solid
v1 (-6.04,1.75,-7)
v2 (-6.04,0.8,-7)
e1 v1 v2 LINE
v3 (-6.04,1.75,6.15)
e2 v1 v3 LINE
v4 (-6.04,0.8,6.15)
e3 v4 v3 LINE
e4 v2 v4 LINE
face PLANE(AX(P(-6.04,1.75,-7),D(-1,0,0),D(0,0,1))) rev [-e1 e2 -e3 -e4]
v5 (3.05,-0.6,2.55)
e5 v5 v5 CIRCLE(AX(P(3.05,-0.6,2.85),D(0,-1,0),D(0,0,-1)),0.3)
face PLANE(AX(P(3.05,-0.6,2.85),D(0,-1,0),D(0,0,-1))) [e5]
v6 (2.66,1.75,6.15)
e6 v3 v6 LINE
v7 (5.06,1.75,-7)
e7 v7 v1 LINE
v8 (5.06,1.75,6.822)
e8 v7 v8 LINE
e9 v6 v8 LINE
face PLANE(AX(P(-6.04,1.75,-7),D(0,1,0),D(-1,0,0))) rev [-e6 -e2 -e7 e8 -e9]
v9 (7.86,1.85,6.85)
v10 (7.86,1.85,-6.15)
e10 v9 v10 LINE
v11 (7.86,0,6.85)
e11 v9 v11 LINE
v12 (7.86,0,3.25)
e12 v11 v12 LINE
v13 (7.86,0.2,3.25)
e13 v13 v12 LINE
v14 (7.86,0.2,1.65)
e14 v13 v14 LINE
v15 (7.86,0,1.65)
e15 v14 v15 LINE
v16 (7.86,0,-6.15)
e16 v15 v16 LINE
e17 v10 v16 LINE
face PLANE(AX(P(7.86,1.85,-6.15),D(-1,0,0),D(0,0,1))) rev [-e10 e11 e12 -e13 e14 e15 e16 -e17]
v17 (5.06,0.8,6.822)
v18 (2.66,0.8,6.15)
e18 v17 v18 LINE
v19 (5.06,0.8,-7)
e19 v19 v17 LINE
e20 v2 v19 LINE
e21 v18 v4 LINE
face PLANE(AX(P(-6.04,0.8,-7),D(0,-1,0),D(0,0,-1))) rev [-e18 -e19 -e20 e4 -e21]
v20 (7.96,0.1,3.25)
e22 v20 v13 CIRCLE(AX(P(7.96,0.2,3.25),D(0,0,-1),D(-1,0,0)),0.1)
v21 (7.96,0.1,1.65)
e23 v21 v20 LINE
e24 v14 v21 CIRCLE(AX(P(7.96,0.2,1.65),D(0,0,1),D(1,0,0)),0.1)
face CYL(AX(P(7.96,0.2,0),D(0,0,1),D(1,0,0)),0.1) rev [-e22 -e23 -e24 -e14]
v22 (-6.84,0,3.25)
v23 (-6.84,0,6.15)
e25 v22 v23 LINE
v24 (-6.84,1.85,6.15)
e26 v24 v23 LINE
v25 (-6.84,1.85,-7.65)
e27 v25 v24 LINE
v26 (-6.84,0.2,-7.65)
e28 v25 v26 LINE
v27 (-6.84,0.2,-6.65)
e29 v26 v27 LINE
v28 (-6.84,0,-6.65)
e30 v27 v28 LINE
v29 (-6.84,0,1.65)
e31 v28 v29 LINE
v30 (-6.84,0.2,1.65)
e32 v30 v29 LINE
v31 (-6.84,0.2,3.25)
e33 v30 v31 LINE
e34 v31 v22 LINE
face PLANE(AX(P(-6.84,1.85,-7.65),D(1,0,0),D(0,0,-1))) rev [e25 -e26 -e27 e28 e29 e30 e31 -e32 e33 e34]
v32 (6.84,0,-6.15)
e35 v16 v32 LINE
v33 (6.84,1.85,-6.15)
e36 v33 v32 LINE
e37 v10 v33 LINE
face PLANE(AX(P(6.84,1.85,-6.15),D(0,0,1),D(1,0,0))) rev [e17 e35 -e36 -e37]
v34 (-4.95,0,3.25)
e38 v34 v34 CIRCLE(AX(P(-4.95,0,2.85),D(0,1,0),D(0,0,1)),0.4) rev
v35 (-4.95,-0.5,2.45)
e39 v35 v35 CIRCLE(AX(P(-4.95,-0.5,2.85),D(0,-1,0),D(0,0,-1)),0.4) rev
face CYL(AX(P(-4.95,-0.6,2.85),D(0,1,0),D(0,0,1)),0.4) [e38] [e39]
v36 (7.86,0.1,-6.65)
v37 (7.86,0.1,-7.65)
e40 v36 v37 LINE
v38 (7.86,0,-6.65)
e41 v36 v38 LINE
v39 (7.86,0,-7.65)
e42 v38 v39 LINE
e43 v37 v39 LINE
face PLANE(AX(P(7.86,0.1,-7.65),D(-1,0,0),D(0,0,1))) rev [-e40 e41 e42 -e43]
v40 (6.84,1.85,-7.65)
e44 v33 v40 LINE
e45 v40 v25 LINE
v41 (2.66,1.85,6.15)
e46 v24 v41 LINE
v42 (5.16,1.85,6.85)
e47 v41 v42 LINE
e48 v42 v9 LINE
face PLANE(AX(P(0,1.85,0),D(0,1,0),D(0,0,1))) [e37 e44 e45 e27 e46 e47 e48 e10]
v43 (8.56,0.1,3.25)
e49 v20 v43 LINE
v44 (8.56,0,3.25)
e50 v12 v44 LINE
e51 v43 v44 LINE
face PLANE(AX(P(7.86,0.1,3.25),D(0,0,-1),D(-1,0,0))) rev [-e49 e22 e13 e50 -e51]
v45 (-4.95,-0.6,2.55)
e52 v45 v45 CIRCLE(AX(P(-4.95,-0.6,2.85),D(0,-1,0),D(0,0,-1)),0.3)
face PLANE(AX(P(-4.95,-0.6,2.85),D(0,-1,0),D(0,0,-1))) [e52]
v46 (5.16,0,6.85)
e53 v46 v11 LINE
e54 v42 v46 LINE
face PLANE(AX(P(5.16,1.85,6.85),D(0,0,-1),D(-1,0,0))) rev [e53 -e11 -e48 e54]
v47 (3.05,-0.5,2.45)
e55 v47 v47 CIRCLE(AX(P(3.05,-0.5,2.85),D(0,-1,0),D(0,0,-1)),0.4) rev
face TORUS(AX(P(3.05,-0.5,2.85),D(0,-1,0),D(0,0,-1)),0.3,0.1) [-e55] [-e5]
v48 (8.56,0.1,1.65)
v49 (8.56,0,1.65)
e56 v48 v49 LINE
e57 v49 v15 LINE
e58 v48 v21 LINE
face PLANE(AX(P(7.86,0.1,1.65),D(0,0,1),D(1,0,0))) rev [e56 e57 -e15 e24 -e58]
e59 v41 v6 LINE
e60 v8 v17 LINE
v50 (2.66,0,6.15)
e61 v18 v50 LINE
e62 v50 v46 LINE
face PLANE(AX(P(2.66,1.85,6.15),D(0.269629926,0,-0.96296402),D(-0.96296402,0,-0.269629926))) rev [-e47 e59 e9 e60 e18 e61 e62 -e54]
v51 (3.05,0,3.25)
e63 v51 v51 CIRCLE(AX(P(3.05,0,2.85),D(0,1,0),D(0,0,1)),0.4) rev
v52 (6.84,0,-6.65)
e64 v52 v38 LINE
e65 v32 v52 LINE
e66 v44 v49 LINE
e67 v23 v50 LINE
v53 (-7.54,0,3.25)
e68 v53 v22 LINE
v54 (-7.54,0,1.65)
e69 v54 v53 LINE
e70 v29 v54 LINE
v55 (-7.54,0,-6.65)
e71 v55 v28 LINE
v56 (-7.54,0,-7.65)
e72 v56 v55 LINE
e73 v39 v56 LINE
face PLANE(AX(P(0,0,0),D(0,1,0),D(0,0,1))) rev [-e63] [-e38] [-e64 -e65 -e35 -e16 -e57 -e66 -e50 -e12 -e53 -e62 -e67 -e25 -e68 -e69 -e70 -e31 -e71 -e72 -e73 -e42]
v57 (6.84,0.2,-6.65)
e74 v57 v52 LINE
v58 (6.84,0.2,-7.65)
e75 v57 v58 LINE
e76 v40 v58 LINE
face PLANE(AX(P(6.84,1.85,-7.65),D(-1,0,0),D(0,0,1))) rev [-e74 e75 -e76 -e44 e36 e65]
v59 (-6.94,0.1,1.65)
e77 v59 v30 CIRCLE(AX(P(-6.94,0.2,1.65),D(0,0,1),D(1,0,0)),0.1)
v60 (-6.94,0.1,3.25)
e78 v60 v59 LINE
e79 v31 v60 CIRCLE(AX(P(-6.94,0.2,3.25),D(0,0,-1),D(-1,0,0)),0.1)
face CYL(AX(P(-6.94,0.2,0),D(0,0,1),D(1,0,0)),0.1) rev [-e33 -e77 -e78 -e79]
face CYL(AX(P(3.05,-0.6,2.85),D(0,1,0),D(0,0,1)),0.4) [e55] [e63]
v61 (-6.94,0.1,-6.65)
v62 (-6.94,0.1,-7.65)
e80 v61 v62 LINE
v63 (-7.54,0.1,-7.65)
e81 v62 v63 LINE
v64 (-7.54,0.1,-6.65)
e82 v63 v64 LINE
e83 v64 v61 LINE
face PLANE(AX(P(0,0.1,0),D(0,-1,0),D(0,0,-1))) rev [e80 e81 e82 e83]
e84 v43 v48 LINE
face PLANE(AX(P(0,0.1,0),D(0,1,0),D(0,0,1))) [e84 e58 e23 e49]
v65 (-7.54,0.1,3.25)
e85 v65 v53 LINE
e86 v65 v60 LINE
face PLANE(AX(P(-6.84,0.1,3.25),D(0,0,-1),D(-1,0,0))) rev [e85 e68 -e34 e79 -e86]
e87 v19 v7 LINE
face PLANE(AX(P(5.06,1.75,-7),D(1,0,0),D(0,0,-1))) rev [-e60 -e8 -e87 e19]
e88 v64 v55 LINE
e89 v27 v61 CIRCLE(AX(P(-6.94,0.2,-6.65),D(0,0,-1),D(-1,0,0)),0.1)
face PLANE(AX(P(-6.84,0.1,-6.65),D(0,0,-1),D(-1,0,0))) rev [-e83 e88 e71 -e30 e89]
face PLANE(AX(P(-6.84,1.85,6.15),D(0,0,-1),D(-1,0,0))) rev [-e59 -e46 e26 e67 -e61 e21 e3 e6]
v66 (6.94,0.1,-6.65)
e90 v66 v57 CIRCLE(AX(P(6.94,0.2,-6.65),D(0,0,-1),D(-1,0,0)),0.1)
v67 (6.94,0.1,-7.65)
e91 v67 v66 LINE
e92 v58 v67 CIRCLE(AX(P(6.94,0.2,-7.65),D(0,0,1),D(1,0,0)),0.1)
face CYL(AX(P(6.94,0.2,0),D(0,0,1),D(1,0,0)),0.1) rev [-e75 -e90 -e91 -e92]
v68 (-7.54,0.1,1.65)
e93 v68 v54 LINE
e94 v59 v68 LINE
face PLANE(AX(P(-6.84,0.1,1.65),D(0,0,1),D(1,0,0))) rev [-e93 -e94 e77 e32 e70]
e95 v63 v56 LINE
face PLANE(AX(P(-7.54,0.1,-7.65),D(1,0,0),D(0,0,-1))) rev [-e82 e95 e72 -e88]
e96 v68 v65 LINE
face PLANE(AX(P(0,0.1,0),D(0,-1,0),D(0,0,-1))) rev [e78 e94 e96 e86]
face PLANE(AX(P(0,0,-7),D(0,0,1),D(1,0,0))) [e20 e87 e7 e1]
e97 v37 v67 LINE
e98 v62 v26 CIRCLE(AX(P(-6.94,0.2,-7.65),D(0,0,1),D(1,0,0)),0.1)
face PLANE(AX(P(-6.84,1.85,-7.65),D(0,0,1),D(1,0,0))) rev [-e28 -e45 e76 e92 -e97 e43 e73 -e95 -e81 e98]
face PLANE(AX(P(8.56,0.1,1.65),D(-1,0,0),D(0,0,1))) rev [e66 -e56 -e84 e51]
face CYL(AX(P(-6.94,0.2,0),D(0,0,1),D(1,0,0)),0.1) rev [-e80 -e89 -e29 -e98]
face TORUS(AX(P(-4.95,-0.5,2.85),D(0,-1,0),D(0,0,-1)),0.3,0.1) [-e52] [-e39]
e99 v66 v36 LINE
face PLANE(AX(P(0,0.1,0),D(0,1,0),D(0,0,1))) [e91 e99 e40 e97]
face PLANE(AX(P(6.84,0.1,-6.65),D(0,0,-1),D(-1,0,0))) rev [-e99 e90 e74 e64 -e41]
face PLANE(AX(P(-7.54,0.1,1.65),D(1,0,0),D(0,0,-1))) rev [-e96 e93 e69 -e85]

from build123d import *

# Parameters (mm, degrees)
EXTRUDE_1_DEPTH          = 1.85
SKETCH_2_W               = 0.7
SKETCH_2_H               = 1.6
SKETCH_2_W_2             = 1.02
SKETCH_2_H_2             = 1
EXTRUDE_2_DEPTH          = 0.1
SKETCH_3_R               = 0.4
EXTRUDE_3_DEPTH          = 0.6
CUT_EXTRUDE_1_DEPTH      = 12.62835328
CUT_EXTRUDE_1_DEPTH_BACK = 7
SKETCH_4_W               = 11.1
SKETCH_4_H               = 0.95
FILLET_1_R               = 0.1
FILLET_2_R               = 0.1


with BuildPart() as part:
    # 스케치1 → 보스-돌출1 (new body)
    with BuildSketch(Plane(origin=(0, 0, 0), x_dir=(1, 0, 0), z_dir=(0, 1, 0))):
        Polygon((2.66, -6.15), (5.16, -6.85), (7.86, -6.85), (7.86, 6.15), (6.84, 6.15), (6.84, 7.65), (-6.84, 7.65), (-6.84, -6.15), align=None)
    extrude(amount=EXTRUDE_1_DEPTH)

    # 스케치2 → 보스-돌출2 (add)
    with BuildSketch(Plane(origin=(0, 0, 0), x_dir=(1, 0, 0), z_dir=(0, 1, 0))):
        with Locations((8.21, -2.45)):
            Rectangle(SKETCH_2_W, SKETCH_2_H)
        with Locations((7.35, 7.15)):
            Rectangle(SKETCH_2_W_2, SKETCH_2_H_2)
        with Locations((-7.19, 7.15)):
            Rectangle(SKETCH_2_W, SKETCH_2_H_2)
        with Locations((-7.19, -2.45)):
            Rectangle(SKETCH_2_W, SKETCH_2_H)
    extrude(amount=EXTRUDE_2_DEPTH)

    # 스케치3 → 보스-돌출3 (add)
    with BuildSketch(Plane.XZ):
        with Locations(Location((-4.95, 2.85, 0), (0, 0, 90))):
            Circle(SKETCH_3_R)
        with Locations(Location((3.05, 2.85, 0), (0, 0, 90))):
            Circle(SKETCH_3_R)
    extrude(amount=EXTRUDE_3_DEPTH)

    # 스케치4 → 컷-돌출1 (cut, two sides: drawn at the far end of the back side and taken through both)
    with BuildSketch(Plane.XY.offset(-CUT_EXTRUDE_1_DEPTH_BACK)):
        with Locations((-0.49, 1.275)):
            Rectangle(SKETCH_4_W, SKETCH_4_H)
    extrude(amount=CUT_EXTRUDE_1_DEPTH + CUT_EXTRUDE_1_DEPTH_BACK, mode=Mode.SUBTRACT)

    # 필렛1
    fillet_1_edges = [part.edges().sort_by_distance(p)[0] for p in [
        (-4.95, -0.6, 2.45),
        (3.05, -0.6, 2.45),
    ]]
    fillet(fillet_1_edges, radius=FILLET_1_R)

    # 필렛2
    fillet_2_edges = [part.edges().sort_by_distance(p)[0] for p in [
        (6.84, 0.1, -7.15),
        (7.86, 0.1, 2.45),
        (-6.84, 0.1, -7.15),
        (-6.84, 0.1, 2.45),
    ]]
    fillet(fillet_2_edges, radius=FILLET_2_R)


solid = part.part
